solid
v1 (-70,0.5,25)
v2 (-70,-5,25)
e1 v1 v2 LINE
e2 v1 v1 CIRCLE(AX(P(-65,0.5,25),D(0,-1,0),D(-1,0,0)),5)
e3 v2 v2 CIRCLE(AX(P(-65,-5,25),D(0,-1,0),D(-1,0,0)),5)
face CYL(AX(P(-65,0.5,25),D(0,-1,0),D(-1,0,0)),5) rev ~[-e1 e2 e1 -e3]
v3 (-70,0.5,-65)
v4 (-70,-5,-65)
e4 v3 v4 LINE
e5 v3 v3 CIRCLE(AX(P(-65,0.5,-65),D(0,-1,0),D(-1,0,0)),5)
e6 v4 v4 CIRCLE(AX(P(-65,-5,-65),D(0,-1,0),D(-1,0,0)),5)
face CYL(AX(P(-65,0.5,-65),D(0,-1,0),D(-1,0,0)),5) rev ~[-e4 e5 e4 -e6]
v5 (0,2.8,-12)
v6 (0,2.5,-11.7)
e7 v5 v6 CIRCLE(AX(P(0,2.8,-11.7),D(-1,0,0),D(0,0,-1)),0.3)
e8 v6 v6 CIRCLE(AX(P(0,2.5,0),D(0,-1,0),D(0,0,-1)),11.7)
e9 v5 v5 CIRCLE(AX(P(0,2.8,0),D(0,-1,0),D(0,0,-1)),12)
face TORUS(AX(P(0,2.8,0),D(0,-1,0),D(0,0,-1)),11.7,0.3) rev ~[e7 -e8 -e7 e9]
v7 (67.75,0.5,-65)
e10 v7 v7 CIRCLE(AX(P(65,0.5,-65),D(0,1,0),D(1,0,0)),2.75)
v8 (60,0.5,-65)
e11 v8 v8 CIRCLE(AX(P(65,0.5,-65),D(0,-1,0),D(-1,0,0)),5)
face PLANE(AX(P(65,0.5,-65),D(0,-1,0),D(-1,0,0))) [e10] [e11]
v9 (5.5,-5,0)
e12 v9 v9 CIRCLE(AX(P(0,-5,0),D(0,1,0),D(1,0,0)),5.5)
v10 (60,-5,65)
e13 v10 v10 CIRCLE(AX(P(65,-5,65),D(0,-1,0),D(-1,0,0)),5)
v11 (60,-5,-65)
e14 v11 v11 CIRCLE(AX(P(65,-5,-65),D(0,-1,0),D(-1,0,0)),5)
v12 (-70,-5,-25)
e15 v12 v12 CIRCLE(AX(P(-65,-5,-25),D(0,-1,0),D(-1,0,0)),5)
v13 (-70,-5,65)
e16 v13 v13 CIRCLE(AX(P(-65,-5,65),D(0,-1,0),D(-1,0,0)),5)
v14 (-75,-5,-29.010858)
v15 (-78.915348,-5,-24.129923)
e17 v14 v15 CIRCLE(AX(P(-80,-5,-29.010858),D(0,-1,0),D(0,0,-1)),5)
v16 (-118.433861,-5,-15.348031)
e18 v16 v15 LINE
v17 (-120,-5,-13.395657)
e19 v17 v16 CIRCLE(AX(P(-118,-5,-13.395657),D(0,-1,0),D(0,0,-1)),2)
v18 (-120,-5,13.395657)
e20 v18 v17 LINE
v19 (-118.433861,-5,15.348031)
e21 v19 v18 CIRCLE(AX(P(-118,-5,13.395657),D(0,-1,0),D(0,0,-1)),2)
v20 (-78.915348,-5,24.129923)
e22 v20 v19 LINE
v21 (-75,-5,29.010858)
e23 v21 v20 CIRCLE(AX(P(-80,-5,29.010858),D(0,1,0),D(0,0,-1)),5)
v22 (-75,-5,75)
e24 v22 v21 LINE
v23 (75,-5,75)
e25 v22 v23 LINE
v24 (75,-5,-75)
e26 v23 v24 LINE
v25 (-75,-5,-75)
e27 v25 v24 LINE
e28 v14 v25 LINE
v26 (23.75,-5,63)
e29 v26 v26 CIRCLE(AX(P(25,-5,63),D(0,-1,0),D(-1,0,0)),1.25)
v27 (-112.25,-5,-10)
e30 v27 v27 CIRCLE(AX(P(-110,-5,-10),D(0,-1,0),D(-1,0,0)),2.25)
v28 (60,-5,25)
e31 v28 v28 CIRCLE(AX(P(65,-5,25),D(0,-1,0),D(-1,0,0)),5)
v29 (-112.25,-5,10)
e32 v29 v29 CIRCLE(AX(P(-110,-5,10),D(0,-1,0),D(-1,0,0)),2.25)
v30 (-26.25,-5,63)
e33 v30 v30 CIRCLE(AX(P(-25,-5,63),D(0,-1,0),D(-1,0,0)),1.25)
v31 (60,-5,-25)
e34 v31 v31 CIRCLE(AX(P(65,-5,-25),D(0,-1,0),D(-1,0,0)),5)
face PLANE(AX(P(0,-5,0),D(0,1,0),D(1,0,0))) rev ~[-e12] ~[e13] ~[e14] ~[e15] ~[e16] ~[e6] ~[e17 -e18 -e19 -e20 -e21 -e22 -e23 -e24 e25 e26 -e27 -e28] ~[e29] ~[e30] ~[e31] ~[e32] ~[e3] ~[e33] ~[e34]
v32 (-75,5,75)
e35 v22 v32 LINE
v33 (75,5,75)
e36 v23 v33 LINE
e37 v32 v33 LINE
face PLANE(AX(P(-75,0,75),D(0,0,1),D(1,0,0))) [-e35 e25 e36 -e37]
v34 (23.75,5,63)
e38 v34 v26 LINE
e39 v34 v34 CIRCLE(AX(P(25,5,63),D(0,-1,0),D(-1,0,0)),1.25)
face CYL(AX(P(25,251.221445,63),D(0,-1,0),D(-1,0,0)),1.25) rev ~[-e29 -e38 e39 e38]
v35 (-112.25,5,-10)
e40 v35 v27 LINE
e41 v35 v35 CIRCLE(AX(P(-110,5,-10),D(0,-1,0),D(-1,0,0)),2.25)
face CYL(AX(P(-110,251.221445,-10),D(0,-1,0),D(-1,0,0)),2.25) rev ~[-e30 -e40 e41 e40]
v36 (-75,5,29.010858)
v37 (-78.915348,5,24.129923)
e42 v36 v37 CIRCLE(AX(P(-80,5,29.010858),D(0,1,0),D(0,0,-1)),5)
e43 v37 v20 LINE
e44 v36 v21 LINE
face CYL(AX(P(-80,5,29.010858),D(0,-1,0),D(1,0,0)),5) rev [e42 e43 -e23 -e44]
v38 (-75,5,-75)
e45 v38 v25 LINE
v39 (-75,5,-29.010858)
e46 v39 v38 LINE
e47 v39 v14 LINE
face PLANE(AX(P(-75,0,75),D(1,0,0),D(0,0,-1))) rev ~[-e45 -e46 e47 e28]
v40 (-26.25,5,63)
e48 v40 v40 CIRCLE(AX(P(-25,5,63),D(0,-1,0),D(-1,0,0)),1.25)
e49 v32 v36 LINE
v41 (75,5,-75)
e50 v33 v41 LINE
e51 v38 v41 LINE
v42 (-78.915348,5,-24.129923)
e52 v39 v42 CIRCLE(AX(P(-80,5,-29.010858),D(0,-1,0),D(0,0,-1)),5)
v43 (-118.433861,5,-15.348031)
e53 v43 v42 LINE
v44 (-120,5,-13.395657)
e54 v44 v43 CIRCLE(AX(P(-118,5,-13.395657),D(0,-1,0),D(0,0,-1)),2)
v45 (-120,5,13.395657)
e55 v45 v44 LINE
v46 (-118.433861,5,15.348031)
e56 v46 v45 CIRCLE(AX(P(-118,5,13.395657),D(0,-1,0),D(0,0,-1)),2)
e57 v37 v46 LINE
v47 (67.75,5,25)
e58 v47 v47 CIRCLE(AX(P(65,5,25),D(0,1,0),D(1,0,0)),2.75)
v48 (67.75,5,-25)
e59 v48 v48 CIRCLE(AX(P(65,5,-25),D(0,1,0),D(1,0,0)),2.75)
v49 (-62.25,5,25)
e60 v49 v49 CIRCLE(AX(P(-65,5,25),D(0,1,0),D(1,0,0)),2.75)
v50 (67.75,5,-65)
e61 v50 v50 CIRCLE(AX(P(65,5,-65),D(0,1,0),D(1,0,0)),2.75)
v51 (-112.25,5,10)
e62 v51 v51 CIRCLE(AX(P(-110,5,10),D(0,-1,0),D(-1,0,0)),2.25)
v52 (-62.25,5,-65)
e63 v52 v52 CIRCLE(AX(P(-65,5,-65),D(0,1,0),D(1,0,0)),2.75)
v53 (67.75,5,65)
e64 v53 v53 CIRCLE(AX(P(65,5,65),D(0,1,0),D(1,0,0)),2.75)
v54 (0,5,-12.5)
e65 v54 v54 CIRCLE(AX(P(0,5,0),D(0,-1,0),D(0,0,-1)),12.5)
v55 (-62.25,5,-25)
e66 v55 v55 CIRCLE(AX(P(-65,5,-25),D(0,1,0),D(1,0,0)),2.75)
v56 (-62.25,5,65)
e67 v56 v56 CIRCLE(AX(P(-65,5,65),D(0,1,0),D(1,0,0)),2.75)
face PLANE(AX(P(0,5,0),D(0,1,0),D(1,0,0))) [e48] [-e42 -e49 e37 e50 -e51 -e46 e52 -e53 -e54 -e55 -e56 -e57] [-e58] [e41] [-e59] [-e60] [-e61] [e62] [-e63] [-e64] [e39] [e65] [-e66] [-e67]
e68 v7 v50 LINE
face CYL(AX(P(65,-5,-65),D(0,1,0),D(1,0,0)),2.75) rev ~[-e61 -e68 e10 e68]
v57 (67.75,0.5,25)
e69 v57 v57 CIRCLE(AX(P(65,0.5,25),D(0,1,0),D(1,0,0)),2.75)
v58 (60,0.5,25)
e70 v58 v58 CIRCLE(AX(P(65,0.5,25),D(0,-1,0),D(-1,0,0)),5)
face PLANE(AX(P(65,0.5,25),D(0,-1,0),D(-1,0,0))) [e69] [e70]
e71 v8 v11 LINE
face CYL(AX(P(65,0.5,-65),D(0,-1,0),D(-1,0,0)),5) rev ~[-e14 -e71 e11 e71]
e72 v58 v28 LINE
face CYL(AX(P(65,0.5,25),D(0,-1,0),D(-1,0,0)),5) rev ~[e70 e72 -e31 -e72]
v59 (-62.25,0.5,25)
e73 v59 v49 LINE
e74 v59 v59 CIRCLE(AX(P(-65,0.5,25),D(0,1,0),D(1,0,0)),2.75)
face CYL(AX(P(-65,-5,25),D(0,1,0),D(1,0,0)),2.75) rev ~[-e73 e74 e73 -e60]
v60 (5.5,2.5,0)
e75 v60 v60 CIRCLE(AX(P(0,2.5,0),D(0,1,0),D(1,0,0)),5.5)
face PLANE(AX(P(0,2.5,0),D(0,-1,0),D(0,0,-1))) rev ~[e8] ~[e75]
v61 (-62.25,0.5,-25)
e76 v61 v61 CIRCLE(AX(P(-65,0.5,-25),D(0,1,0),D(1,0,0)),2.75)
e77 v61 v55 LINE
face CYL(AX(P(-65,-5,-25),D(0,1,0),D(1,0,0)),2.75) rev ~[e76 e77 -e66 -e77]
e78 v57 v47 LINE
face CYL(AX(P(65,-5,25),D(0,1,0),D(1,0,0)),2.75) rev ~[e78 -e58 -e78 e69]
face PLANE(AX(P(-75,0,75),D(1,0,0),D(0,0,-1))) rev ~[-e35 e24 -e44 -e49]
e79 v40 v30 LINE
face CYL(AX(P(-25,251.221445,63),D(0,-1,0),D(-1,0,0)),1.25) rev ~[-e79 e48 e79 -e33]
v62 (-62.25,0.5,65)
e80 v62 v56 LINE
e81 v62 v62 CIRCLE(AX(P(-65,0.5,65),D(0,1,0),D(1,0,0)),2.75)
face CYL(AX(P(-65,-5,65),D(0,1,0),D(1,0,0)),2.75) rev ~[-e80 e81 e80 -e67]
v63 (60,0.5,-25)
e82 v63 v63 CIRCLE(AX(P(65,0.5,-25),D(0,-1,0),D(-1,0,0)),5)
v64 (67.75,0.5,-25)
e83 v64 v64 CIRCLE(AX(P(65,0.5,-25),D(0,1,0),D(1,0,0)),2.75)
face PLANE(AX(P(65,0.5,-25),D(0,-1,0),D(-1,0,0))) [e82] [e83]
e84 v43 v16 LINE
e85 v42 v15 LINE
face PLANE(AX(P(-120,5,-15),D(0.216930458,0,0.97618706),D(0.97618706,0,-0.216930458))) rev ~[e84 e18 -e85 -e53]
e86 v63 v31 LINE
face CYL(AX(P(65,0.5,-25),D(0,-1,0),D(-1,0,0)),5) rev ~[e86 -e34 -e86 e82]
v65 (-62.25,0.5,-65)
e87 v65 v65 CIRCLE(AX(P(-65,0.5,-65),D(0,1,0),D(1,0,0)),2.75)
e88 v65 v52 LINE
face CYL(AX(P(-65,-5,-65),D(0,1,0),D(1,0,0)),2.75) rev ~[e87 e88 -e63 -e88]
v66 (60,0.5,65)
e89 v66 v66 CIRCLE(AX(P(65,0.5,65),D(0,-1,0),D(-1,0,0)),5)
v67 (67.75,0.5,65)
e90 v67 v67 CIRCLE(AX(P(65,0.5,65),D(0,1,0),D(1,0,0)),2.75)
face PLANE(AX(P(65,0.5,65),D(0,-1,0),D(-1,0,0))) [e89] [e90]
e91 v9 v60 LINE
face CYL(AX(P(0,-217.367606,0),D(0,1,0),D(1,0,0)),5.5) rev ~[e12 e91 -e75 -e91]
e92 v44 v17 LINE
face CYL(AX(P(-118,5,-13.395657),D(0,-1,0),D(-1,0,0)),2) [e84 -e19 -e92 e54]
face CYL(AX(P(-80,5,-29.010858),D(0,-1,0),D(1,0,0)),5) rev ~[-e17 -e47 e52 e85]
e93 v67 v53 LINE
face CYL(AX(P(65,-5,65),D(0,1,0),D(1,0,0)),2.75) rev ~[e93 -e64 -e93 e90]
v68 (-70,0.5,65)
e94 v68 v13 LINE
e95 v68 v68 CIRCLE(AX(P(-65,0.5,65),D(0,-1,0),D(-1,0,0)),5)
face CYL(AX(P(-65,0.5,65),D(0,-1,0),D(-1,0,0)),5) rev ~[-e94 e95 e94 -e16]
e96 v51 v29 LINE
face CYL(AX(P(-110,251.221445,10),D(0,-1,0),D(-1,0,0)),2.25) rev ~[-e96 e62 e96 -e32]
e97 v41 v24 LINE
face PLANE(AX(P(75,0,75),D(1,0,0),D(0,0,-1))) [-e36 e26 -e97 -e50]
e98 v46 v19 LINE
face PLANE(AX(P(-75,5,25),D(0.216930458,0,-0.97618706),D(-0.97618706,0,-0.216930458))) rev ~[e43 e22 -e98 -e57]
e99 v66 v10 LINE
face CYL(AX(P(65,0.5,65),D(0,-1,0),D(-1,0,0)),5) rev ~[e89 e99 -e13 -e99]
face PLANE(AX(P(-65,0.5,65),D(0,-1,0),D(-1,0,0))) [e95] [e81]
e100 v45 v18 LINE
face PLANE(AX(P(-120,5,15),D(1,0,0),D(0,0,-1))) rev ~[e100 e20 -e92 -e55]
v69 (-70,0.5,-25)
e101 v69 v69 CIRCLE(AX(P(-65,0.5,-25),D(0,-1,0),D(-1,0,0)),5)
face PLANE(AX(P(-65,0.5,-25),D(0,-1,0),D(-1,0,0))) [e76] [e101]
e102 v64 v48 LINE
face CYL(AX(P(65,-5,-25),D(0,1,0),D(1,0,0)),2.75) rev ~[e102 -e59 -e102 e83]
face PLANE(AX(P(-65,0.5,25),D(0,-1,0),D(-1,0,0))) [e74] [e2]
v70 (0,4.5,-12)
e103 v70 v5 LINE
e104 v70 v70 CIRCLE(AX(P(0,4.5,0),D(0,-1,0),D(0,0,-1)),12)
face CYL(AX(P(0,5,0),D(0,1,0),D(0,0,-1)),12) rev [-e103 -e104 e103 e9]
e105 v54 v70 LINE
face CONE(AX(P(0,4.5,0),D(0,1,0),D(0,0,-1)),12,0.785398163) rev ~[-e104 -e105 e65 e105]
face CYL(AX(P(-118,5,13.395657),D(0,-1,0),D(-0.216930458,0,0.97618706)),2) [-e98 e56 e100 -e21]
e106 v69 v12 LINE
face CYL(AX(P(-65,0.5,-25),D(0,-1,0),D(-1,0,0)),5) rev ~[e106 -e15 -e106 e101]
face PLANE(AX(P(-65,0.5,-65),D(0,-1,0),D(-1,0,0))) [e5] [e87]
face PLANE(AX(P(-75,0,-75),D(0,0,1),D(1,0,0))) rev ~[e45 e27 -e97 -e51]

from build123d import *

# Parameters (mm, degrees)
SKETCH1_W                                           = 150
SKETCH1_H                                           = 150
BOSS_EXTRUDE1_DEPTH                                 = 5
CBORE_FOR_M5_HEX_SOCKET_HEAD_CAP_SCREW1_D           = 5.5
CBORE_FOR_M5_HEX_SOCKET_HEAD_CAP_SCREW1_CBORE_D     = 10
CBORE_FOR_M5_HEX_SOCKET_HEAD_CAP_SCREW1_CBORE_DEPTH = 5.5
F_11_0_11_DIAMETER_HOLE1_D                          = 11
SKETCH6_R                                           = 12
CUT_EXTRUDE1_DEPTH                                  = 2.5
FILLET2_R                                           = 0.3
BOSS_EXTRUDE2_DEPTH                                 = 10
FILLET3_R                                           = 5
F_4_5_4_5_DIAMETER_HOLE1_D                          = 4.5
FILLET4_R                                           = 2
M3_TAPPED_HOLE1_D                                   = 2.5
CHAMFER1_SIZE                                       = 0.5


with BuildPart() as part:
    # Sketch1 → Boss-Extrude1 (new, symmetric)
    with BuildSketch(Plane(origin=(0, 0, 0), x_dir=(1, 0, 0), z_dir=(0, 1, 0))):
        Rectangle(SKETCH1_W, SKETCH1_H)
    extrude(amount=BOSS_EXTRUDE1_DEPTH, both=True)

    # CBORE for M5 Hex Socket Head Cap Screw1 (through all)
    with Locations(Plane(origin=(0, -5, 0), x_dir=(-1, 0, 0), z_dir=(0, -1, 0))):
        with Locations((-65, -65), (-65, -25), (-65, 25), (-65, 65), (65, -65), (65, -25), (65, 25), (65, 65)):
            CounterBoreHole(CBORE_FOR_M5_HEX_SOCKET_HEAD_CAP_SCREW1_D / 2, CBORE_FOR_M5_HEX_SOCKET_HEAD_CAP_SCREW1_CBORE_D / 2, CBORE_FOR_M5_HEX_SOCKET_HEAD_CAP_SCREW1_CBORE_DEPTH)

    # Ø11.0 (11) Diameter Hole1 (through all)
    with Locations(Plane(origin=(0, -5, 0), x_dir=(-1, 0, 0), z_dir=(0, -1, 0))):
        with Locations((0, 0)):
            Hole(F_11_0_11_DIAMETER_HOLE1_D / 2)

    # Sketch6 → Cut-Extrude1 (cut)
    with BuildSketch(Plane.XZ.offset(-5)):
        with Locations(Location((0, 0, 0), (0, 0, 270))):
            Circle(SKETCH6_R)
    extrude(amount=CUT_EXTRUDE1_DEPTH, mode=Mode.SUBTRACT)

    # Fillet2
    fillet2_edges = [part.edges().sort_by_distance(p)[0] for p in [
        (0, 2.5, 12),
    ]]
    fillet(fillet2_edges, radius=FILLET2_R)

    # Sketch7 → Boss-Extrude2 (add)
    with BuildSketch(Plane(origin=(0, 5, 0), x_dir=(1, 0, 0), z_dir=(0, 1, 0))):
        Polygon((-75, 25), (-75, -25), (-120, -15), (-120, 15), align=None)
    extrude(amount=-BOSS_EXTRUDE2_DEPTH)

    # Fillet3
    fillet3_edges = [part.edges().sort_by_distance(p)[0] for p in [
        (-75, 0, -25),
        (-75, 0, 25),
    ]]
    fillet(fillet3_edges, radius=FILLET3_R)

    # Ø4.5 (4.5) Diameter Hole1 (through all)
    with Locations(Plane(origin=(0, 5, 0), x_dir=(1, 0, 0), z_dir=(0, 1, 0))):
        with Locations((-110, 10), (-110, -10)):
            Hole(F_4_5_4_5_DIAMETER_HOLE1_D / 2)

    # Fillet4
    fillet4_edges = [part.edges().sort_by_distance(p)[0] for p in [
        (-120, 0, -15),
        (-120, 0, 15),
    ]]
    fillet(fillet4_edges, radius=FILLET4_R)

    # M3 Tapped Hole1 (through all)
    with Locations(Plane(origin=(0, 5, 0), x_dir=(1, 0, 0), z_dir=(0, 1, 0))):
        with Locations((-25, -63), (25, -63)):
            Hole(M3_TAPPED_HOLE1_D / 2)

    # Chamfer1
    chamfer1_edges = [part.edges().sort_by_distance(p)[0] for p in [
        (0, 5, 12),
    ]]
    chamfer(chamfer1_edges, length=CHAMFER1_SIZE)


solid = part.part
